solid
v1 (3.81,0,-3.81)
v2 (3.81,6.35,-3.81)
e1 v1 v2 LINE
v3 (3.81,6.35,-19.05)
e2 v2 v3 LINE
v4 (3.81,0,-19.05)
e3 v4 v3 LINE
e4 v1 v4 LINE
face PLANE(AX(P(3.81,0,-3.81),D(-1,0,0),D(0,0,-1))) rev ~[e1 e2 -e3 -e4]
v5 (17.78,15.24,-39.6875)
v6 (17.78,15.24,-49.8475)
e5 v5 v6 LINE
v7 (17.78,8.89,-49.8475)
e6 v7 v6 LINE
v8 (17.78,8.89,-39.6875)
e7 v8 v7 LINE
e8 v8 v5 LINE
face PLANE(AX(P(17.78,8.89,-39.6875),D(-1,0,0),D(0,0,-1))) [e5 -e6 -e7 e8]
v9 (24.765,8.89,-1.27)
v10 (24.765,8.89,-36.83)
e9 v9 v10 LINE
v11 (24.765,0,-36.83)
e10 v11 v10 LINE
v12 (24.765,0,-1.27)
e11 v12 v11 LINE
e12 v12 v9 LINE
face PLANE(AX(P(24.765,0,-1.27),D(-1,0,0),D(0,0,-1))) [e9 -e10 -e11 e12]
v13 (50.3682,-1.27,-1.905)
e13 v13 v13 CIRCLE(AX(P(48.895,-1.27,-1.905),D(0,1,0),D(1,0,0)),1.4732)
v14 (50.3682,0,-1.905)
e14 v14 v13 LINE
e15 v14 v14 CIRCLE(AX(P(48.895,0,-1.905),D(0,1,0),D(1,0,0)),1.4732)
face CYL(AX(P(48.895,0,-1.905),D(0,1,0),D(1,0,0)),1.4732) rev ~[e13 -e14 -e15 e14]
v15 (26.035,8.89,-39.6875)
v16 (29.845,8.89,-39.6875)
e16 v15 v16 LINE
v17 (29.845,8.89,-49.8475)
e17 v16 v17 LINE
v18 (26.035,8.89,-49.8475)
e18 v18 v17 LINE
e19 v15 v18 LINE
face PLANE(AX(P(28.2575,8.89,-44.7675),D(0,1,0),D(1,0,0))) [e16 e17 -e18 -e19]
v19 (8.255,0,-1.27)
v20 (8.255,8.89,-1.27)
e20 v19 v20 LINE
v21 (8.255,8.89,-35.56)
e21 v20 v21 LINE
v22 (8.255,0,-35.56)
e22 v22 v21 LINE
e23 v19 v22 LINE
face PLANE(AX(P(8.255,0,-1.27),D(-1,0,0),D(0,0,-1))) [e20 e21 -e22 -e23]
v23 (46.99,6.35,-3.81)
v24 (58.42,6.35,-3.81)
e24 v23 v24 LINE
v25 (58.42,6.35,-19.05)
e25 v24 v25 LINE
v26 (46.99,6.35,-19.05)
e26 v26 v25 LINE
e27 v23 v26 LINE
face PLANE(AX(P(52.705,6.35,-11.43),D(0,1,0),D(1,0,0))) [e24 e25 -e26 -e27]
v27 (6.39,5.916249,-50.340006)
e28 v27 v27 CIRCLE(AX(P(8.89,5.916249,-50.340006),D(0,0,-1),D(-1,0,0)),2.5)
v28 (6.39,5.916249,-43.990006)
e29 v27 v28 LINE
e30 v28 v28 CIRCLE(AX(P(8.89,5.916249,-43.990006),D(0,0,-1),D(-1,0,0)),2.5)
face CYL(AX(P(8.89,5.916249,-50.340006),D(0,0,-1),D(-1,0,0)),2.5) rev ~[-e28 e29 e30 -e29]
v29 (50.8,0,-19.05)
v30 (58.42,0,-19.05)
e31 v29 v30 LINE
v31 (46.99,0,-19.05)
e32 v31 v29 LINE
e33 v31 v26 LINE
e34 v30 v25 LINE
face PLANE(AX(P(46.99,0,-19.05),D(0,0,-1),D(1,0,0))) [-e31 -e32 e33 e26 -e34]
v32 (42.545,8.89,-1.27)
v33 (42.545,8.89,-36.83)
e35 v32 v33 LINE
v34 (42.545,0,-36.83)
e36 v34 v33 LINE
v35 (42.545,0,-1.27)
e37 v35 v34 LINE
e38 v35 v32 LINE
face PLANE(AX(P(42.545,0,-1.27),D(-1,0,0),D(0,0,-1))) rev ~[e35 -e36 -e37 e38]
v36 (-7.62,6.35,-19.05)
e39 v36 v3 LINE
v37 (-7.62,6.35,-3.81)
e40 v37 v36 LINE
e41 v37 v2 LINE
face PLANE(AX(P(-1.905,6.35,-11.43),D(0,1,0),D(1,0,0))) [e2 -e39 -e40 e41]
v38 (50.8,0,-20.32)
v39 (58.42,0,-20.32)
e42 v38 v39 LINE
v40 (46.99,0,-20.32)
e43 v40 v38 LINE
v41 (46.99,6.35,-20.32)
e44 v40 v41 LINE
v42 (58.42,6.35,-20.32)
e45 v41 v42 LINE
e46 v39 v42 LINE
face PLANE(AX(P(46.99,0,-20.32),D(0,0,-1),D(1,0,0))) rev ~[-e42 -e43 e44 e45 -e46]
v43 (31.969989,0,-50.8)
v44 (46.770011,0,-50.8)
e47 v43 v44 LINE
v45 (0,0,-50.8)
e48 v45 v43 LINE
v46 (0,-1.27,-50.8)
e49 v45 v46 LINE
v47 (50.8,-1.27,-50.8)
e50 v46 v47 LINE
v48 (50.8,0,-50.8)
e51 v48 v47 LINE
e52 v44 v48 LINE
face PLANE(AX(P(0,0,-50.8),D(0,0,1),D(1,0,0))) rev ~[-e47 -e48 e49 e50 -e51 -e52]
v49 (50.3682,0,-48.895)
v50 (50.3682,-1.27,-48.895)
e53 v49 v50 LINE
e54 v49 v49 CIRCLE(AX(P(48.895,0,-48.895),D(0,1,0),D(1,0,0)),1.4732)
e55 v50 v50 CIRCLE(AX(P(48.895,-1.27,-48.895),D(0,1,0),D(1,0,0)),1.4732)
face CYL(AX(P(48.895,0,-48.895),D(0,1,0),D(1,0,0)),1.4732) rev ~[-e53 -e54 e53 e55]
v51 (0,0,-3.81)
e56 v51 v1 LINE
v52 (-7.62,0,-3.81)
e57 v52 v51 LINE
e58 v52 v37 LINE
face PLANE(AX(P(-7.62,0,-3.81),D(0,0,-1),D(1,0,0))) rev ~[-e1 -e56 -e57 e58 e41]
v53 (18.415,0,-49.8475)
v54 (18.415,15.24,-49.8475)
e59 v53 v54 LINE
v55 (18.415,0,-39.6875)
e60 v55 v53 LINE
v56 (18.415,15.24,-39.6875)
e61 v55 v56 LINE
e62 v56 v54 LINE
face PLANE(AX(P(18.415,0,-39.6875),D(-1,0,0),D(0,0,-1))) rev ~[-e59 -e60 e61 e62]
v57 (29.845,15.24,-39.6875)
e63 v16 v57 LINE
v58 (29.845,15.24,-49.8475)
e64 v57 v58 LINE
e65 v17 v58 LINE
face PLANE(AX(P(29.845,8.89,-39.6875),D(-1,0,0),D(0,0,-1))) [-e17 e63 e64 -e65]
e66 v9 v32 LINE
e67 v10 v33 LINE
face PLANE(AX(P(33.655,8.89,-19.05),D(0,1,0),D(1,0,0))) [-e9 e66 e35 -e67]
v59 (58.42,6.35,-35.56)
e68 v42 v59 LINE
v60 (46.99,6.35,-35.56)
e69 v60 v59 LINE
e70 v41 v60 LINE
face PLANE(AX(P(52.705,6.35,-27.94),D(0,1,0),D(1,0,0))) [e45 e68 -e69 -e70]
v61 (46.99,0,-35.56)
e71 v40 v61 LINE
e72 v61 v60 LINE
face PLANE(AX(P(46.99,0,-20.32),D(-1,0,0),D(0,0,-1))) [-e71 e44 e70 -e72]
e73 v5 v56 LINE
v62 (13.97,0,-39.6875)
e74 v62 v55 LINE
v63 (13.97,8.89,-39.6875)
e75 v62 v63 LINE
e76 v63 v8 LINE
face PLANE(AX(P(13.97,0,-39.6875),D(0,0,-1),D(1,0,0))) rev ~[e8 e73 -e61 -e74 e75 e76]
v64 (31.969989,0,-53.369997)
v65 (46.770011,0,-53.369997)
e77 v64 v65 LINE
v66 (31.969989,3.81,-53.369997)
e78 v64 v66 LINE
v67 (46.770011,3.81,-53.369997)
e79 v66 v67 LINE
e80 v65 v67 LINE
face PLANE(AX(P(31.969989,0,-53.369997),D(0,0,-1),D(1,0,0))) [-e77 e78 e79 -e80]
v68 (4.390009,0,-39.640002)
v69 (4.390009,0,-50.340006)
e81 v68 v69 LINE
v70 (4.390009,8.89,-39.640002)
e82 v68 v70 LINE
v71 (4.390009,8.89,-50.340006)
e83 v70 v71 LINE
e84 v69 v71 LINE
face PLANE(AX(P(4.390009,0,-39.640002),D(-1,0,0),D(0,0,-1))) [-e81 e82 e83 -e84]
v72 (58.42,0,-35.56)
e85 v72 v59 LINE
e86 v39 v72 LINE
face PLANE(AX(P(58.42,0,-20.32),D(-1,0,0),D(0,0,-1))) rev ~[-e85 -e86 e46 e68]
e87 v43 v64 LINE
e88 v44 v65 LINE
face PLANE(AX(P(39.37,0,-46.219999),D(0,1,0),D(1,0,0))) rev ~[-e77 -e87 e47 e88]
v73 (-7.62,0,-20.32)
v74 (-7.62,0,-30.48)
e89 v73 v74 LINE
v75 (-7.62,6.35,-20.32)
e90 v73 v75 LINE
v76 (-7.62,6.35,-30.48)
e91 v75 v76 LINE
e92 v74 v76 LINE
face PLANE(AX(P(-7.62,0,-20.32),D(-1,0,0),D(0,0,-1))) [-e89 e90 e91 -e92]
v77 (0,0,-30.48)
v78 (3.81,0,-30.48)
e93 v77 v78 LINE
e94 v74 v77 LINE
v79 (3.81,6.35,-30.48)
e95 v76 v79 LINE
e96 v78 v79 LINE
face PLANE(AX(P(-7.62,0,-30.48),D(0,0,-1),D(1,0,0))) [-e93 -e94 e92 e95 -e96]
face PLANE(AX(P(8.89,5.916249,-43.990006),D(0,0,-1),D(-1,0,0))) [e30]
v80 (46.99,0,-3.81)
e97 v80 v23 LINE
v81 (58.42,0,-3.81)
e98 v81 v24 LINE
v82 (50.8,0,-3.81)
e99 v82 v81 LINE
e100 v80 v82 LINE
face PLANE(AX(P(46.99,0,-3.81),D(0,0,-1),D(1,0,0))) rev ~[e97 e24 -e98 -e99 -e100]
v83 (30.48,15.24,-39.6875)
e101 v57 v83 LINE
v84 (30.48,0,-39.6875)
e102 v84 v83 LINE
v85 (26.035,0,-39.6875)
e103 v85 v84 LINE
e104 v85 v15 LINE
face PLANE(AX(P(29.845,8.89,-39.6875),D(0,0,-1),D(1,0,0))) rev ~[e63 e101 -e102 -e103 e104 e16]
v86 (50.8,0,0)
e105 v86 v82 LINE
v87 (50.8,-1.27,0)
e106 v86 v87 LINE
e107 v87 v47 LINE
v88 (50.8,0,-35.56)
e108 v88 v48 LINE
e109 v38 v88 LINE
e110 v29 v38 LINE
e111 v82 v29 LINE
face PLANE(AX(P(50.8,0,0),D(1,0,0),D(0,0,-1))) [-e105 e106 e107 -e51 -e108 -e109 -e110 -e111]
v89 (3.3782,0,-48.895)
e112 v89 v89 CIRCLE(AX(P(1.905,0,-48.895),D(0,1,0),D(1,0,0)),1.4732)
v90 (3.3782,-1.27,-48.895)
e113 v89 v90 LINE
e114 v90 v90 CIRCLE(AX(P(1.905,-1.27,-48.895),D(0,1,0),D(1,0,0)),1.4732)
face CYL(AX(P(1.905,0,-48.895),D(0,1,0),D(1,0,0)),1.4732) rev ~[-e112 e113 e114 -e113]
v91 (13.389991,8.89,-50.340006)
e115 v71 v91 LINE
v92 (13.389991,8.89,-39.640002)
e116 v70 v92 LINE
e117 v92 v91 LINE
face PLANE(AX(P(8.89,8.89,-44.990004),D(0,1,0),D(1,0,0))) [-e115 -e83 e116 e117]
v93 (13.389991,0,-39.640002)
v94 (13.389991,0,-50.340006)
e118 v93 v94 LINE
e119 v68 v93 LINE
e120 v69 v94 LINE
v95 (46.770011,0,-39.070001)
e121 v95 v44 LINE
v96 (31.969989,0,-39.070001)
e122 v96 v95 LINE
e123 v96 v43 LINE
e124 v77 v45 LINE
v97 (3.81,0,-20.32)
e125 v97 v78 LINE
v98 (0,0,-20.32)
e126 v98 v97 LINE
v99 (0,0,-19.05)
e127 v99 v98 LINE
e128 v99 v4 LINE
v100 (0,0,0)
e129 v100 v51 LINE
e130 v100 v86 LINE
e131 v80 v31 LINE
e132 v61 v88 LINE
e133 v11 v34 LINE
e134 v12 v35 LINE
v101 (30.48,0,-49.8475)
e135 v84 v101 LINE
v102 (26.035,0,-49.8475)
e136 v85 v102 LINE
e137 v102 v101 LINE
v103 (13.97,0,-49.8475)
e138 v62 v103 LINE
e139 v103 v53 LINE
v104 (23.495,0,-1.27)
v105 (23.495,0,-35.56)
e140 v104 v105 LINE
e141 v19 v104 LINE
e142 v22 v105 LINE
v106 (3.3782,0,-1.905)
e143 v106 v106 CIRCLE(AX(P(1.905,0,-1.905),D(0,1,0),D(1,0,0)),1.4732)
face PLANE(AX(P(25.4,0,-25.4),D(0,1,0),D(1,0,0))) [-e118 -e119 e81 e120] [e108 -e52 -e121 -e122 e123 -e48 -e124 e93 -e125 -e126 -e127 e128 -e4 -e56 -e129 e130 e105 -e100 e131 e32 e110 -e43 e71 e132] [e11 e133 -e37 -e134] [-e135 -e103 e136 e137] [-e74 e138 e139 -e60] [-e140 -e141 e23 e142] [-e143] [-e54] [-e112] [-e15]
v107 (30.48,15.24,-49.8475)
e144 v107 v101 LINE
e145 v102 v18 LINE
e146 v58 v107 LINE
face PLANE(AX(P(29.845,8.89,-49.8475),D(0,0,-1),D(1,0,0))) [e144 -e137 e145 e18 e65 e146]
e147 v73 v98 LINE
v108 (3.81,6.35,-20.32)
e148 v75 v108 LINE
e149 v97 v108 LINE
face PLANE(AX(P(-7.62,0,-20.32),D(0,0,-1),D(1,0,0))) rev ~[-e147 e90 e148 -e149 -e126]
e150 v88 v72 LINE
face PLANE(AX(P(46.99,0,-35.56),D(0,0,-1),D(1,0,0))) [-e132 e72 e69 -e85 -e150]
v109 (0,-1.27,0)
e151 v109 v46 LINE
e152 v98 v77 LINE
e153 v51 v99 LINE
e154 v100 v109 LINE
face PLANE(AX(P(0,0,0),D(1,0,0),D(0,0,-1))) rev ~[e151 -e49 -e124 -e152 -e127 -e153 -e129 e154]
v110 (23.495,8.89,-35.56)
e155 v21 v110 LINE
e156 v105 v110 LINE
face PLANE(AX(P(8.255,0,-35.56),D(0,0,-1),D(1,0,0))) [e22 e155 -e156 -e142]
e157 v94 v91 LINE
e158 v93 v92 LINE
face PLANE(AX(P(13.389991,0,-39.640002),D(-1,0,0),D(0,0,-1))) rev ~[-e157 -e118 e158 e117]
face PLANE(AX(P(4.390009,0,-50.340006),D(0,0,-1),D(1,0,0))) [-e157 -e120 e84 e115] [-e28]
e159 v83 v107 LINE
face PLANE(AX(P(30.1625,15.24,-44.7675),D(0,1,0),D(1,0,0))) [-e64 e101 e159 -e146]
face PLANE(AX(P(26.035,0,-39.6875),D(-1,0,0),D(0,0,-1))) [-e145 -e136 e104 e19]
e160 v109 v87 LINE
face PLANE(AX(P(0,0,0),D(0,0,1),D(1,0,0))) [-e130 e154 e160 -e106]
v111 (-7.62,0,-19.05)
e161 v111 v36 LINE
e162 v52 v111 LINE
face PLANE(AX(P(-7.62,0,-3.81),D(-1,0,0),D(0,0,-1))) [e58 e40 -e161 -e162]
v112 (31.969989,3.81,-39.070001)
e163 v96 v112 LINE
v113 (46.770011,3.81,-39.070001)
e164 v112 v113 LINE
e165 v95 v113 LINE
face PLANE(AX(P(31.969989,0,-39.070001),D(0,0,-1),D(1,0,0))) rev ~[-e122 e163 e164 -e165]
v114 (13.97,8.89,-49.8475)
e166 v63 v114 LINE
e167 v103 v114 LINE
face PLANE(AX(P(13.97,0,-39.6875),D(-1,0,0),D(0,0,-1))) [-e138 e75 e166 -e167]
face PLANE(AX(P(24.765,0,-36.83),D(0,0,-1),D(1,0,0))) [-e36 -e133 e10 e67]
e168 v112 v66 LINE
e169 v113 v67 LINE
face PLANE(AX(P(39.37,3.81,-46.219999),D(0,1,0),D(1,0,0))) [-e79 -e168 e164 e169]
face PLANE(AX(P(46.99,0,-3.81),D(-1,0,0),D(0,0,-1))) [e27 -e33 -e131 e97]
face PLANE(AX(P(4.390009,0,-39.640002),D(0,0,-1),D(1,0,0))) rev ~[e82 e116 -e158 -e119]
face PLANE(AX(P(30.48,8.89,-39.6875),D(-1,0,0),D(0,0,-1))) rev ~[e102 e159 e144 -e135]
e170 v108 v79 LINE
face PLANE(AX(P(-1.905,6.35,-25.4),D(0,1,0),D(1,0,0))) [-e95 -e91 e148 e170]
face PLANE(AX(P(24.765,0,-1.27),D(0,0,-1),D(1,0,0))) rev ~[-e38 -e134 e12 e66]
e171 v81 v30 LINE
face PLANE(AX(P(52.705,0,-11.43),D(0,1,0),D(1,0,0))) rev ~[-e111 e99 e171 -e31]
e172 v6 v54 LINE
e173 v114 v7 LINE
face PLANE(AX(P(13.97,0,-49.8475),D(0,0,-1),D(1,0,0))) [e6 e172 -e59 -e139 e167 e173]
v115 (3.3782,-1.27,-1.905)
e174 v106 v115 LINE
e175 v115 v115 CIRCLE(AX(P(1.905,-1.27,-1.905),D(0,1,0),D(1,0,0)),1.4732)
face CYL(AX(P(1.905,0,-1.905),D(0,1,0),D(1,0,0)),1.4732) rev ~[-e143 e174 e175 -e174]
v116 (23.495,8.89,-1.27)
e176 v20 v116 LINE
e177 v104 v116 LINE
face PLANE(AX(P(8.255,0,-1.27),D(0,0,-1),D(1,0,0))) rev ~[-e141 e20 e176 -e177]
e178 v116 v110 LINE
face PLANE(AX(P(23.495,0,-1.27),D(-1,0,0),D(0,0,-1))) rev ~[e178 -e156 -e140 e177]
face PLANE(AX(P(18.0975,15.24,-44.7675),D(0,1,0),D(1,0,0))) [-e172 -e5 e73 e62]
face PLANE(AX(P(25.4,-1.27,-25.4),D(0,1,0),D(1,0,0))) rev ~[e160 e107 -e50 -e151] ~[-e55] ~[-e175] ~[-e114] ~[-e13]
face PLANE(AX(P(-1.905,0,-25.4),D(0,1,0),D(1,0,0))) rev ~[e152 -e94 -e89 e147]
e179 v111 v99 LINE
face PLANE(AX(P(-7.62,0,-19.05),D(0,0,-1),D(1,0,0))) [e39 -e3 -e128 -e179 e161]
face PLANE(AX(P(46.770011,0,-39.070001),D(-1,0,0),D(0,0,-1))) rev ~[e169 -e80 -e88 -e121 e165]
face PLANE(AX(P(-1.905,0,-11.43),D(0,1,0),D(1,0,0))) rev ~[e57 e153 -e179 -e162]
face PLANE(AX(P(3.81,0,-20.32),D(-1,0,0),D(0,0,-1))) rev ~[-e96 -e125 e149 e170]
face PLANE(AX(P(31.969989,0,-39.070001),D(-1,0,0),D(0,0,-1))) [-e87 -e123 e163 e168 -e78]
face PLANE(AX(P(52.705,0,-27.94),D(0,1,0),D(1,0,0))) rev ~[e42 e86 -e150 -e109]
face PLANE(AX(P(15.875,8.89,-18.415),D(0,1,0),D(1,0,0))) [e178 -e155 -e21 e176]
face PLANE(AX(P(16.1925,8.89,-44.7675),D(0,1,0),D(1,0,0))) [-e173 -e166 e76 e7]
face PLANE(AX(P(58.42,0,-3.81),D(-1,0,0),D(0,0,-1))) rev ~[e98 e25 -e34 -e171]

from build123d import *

# Parameters (mm, degrees)
SKETCH5_W           = 50.8
SKETCH5_H           = 50.8
BOSS_EXTRUDE1_DEPTH = 1.27
SKETCH6_W           = 11.43
SKETCH6_H           = 10.16
SKETCH6_H_2         = 15.24
BOSS_EXTRUDE2_DEPTH = 6.35
SKETCH7_W           = 15.24
SKETCH7_H           = 34.29
SKETCH7_W_2         = 17.78
SKETCH7_H_2         = 35.56
BOSS_EXTRUDE3_DEPTH = 8.89
SKETCH8_R           = 1.4732
CUT_EXTRUDE1_DEPTH  = 2.27
SKETCH9_W           = 4.445
SKETCH9_H           = 10.16
BOSS_EXTRUDE4_DEPTH = 8.89
SKETCH11_W          = 0.635
SKETCH11_H          = 10.16
BOSS_EXTRUDE5_DEPTH = 6.35
SKETCH12_W          = 8.999982
SKETCH12_H          = 10.700004
BOSS_EXTRUDE6_DEPTH = 8.89
SKETCH13_W          = 14.8000212
SKETCH13_H          = 14.2999968
BOSS_EXTRUDE7_DEPTH = 3.81
SKETCH17_R          = 2.5
CUT_EXTRUDE2_DEPTH  = 6.35


with BuildPart() as part:
    # Sketch5 → Boss-Extrude1 (new body)
    with BuildSketch(Plane(origin=(0, 0, 0), x_dir=(1, 0, 0), z_dir=(0, 1, 0))):
        with Locations((25.4, 25.4)):
            Rectangle(SKETCH5_W, SKETCH5_H)
    extrude(amount=-BOSS_EXTRUDE1_DEPTH)

    # Sketch6 → Boss-Extrude2 (add)
    with BuildSketch(Plane(origin=(0, 0, 0), x_dir=(1, 0, 0), z_dir=(0, 1, 0))):
        with Locations((-1.905, 25.4)):
            Rectangle(SKETCH6_W, SKETCH6_H)
        with Locations((-1.905, 11.43)):
            Rectangle(SKETCH6_W, SKETCH6_H_2)
        with Locations((52.705, 27.94)):
            Rectangle(SKETCH6_W, SKETCH6_H_2)
        with Locations((52.705, 11.43)):
            Rectangle(SKETCH6_W, SKETCH6_H_2)
    extrude(amount=BOSS_EXTRUDE2_DEPTH)

    # Sketch7 → Boss-Extrude3 (add)
    with BuildSketch(Plane(origin=(0, 0, 0), x_dir=(1, 0, 0), z_dir=(0, 1, 0))):
        with Locations((15.875, 18.415)):
            Rectangle(SKETCH7_W, SKETCH7_H)
        with Locations((33.655, 19.05)):
            Rectangle(SKETCH7_W_2, SKETCH7_H_2)
    extrude(amount=BOSS_EXTRUDE3_DEPTH)

    # Sketch8 → Cut-Extrude1 (cut, through all)
    with BuildSketch(Plane(origin=(0, 0, 0), x_dir=(1, 0, 0), z_dir=(0, 1, 0))):
        with Locations((1.905, 48.895)):
            Circle(SKETCH8_R)
        with Locations((48.895, 48.895)):
            Circle(SKETCH8_R)
        with Locations((1.905, 1.905)):
            Circle(SKETCH8_R)
        with Locations((48.895, 1.905)):
            Circle(SKETCH8_R)
    extrude(amount=-CUT_EXTRUDE1_DEPTH, mode=Mode.SUBTRACT)

    # Sketch9 → Boss-Extrude4 (add)
    with BuildSketch(Plane(origin=(0, 0, 0), x_dir=(1, 0, 0), z_dir=(0, 1, 0))):
        with Locations((28.2575, 44.7675)):
            Rectangle(SKETCH9_W, SKETCH9_H)
        with Locations((16.1925, 44.7675)):
            Rectangle(SKETCH9_W, SKETCH9_H)
    extrude(amount=BOSS_EXTRUDE4_DEPTH)

    # Sketch11 → Boss-Extrude5 (add)
    with BuildSketch(Plane(origin=(0, 8.89, 0), x_dir=(1, 0, 0), z_dir=(0, 1, 0))):
        with Locations((30.1625, 44.7675)):
            Rectangle(SKETCH11_W, SKETCH11_H)
        with Locations((18.0975, 44.7675)):
            Rectangle(SKETCH11_W, SKETCH11_H)
    extrude(amount=BOSS_EXTRUDE5_DEPTH)

    # Sketch12 → Boss-Extrude6 (add)
    with BuildSketch(Plane(origin=(0, 0, 0), x_dir=(1, 0, 0), z_dir=(0, 1, 0))):
        with Locations((8.89, 44.990004)):
            Rectangle(SKETCH12_W, SKETCH12_H)
    extrude(amount=BOSS_EXTRUDE6_DEPTH)

    # Sketch13 → Boss-Extrude7 (add)
    with BuildSketch(Plane(origin=(0, 0, 0), x_dir=(1, 0, 0), z_dir=(0, 1, 0))):
        with Locations((39.37, 46.219999)):
            Rectangle(SKETCH13_W, SKETCH13_H)
    extrude(amount=BOSS_EXTRUDE7_DEPTH)

    # Sketch17 → Cut-Extrude2 (cut)
    with BuildSketch(Plane(origin=(0, 0, -50.340006), x_dir=(-1, 0, 0), z_dir=(0, 0, -1))):
        with Locations((-8.89, 5.916248933)):
            Circle(SKETCH17_R)
    extrude(amount=-CUT_EXTRUDE2_DEPTH, mode=Mode.SUBTRACT)


solid = part.part
